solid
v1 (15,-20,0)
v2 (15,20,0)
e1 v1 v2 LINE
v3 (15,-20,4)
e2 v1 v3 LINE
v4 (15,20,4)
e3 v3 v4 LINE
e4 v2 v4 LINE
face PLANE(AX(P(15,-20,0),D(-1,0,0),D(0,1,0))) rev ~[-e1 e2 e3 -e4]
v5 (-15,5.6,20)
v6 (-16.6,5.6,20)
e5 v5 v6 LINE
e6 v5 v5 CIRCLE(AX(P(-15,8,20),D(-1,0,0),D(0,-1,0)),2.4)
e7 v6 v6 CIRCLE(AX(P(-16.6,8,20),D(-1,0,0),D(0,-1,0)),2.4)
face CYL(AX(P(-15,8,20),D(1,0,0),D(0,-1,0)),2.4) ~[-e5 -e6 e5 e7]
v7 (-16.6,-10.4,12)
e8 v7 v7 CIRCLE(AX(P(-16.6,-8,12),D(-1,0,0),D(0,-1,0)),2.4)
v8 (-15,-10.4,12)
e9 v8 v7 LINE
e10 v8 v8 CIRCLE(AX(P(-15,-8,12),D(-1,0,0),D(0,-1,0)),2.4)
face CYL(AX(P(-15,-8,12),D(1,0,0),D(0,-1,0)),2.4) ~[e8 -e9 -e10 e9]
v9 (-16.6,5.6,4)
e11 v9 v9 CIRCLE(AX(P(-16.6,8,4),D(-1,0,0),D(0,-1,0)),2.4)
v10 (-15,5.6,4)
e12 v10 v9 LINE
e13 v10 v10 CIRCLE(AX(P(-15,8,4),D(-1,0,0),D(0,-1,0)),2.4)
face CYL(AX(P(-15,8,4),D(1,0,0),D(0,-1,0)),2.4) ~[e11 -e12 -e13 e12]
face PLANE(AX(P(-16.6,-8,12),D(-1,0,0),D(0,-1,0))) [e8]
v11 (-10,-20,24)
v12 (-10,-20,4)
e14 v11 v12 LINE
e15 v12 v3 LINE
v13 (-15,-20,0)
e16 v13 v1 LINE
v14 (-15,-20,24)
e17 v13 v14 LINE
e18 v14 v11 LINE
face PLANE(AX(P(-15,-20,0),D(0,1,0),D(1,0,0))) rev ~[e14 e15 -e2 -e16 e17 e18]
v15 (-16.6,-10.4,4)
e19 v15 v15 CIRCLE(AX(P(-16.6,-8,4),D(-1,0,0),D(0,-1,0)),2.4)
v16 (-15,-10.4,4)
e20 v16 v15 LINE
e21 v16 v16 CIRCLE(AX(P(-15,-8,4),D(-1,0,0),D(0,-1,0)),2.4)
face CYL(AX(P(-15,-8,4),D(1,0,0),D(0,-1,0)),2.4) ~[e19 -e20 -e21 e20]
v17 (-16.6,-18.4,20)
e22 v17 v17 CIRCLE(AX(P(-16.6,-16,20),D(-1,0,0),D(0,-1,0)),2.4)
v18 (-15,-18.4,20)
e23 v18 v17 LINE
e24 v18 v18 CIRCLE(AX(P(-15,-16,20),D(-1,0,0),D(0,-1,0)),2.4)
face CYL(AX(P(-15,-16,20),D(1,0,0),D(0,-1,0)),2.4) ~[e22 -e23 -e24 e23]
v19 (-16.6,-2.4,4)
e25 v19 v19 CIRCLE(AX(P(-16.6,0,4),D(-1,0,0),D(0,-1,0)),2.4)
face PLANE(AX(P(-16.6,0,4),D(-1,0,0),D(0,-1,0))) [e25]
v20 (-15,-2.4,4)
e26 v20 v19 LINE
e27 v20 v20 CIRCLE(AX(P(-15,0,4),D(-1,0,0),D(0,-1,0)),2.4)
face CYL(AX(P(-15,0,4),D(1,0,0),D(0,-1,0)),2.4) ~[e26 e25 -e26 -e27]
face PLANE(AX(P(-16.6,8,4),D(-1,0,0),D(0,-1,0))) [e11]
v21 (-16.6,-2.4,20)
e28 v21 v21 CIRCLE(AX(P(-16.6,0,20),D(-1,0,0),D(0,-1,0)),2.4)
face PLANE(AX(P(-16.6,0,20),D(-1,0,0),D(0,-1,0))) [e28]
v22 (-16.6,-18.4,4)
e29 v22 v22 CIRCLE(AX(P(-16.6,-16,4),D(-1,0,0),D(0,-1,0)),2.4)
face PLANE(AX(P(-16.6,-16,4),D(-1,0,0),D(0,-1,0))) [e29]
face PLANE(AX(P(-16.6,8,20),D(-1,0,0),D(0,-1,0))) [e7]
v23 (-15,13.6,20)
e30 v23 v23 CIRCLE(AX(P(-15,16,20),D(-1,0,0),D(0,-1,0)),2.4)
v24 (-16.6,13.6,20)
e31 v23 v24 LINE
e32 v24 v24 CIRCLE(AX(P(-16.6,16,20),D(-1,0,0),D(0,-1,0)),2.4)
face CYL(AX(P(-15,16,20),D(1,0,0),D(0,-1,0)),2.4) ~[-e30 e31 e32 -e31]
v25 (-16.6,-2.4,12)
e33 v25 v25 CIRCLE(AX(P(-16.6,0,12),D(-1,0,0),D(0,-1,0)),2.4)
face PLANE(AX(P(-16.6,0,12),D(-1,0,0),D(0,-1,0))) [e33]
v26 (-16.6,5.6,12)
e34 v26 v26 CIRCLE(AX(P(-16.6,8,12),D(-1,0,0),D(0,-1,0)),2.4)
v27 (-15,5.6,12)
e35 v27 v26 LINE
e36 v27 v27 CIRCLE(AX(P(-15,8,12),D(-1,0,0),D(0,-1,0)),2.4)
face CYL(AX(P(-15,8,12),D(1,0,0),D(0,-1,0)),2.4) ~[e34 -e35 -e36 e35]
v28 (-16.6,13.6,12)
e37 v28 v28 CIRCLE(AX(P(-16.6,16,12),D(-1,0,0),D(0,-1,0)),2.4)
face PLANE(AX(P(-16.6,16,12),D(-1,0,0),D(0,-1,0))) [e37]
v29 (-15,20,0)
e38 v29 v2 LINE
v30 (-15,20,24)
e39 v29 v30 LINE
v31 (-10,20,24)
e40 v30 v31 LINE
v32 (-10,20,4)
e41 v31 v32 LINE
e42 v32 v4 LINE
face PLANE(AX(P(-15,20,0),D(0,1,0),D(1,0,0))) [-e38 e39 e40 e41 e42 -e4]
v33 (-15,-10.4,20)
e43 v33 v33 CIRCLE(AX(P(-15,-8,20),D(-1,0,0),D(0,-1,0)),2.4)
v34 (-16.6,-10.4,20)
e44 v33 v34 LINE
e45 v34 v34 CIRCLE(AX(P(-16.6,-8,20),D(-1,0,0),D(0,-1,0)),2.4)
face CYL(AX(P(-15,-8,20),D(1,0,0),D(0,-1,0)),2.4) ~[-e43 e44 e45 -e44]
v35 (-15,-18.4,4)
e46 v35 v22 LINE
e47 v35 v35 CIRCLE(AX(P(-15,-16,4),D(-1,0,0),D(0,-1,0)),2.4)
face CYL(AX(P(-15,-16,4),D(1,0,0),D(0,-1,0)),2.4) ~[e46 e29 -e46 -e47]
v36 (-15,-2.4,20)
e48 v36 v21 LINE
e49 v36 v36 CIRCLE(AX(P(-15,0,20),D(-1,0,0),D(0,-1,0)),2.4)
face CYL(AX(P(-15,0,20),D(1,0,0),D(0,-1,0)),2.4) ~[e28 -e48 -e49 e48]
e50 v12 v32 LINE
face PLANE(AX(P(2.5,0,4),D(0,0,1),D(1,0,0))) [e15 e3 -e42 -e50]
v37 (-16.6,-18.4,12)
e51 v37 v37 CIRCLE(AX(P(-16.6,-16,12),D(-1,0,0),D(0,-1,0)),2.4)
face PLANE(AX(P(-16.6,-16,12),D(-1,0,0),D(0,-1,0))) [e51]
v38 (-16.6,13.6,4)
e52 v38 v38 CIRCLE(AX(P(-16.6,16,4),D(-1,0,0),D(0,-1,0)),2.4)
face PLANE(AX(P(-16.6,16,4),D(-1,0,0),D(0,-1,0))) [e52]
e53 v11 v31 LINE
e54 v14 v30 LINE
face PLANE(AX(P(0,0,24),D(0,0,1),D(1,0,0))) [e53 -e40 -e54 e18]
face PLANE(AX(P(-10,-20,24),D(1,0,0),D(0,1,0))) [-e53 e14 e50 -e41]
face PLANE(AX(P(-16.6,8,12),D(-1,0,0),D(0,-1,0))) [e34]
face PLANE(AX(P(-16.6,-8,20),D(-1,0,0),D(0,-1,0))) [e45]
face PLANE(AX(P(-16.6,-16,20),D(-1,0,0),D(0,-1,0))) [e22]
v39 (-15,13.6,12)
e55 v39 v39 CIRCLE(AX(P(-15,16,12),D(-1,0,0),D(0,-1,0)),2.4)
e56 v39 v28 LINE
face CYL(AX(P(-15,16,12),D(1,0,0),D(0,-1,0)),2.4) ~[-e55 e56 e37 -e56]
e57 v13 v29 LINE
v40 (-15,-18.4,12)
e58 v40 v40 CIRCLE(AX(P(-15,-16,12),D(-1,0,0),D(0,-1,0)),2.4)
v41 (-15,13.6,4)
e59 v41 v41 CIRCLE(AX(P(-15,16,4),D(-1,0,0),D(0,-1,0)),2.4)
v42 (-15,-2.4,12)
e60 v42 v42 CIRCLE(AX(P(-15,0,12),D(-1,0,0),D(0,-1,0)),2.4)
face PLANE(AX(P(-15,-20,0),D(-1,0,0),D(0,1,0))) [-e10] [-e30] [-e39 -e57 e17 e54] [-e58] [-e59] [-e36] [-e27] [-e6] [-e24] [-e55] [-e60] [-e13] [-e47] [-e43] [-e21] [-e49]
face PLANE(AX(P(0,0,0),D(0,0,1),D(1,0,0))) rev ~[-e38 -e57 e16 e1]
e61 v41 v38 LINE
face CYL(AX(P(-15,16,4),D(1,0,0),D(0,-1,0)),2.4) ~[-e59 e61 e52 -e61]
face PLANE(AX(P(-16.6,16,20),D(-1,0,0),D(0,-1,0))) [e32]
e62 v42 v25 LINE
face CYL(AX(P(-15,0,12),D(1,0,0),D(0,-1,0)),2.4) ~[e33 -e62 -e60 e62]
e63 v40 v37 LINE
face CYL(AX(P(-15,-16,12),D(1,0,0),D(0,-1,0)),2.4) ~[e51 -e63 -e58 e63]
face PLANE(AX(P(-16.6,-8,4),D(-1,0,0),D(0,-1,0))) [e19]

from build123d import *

# Parameters (mm, degrees)
F0_W     = 30
F0_H     = 40
F1_DEPTH = 24
F2_W     = 25
F2_H     = 40
F3_DEPTH = 20
F4_R     = 2.4
F5_DEPTH = 1.6


with BuildPart() as f1:
    # F0 (on Top) → F1 (new body)
    with BuildSketch(Plane.XY):
        Rectangle(F0_W, F0_H)
    extrude(amount=F1_DEPTH)

    # F2 (on face) → F3 (cut)
    with BuildSketch(Plane.XY.offset(24)):
        with Locations((2.5, 0)):
            Rectangle(F2_W, F2_H)
    extrude(amount=-F3_DEPTH, mode=Mode.SUBTRACT)

    # F4 (on face) → F5 (join)
    with BuildSketch(Plane(origin=(-15, 0, 0), x_dir=(0, -1, 0), z_dir=(-1, 0, 0))):
        with Locations((-16, 4)):
            Circle(F4_R)
        with Locations((-16, 12)):
            Circle(F4_R)
        with Locations((-16, 20)):
            Circle(F4_R)
        with Locations((-8, 4)):
            Circle(F4_R)
        with Locations((-8, 12)):
            Circle(F4_R)
        with Locations((-8, 20)):
            Circle(F4_R)
        with Locations((0, 4)):
            Circle(F4_R)
        with Locations((0, 12)):
            Circle(F4_R)
        with Locations((0, 20)):
            Circle(F4_R)
        with Locations((8, 4)):
            Circle(F4_R)
        with Locations((8, 12)):
            Circle(F4_R)
        with Locations((8, 20)):
            Circle(F4_R)
        with Locations((16, 4)):
            Circle(F4_R)
        with Locations((16, 12)):
            Circle(F4_R)
        with Locations((16, 20)):
            Circle(F4_R)
    extrude(amount=F5_DEPTH)


solid = f1.part
